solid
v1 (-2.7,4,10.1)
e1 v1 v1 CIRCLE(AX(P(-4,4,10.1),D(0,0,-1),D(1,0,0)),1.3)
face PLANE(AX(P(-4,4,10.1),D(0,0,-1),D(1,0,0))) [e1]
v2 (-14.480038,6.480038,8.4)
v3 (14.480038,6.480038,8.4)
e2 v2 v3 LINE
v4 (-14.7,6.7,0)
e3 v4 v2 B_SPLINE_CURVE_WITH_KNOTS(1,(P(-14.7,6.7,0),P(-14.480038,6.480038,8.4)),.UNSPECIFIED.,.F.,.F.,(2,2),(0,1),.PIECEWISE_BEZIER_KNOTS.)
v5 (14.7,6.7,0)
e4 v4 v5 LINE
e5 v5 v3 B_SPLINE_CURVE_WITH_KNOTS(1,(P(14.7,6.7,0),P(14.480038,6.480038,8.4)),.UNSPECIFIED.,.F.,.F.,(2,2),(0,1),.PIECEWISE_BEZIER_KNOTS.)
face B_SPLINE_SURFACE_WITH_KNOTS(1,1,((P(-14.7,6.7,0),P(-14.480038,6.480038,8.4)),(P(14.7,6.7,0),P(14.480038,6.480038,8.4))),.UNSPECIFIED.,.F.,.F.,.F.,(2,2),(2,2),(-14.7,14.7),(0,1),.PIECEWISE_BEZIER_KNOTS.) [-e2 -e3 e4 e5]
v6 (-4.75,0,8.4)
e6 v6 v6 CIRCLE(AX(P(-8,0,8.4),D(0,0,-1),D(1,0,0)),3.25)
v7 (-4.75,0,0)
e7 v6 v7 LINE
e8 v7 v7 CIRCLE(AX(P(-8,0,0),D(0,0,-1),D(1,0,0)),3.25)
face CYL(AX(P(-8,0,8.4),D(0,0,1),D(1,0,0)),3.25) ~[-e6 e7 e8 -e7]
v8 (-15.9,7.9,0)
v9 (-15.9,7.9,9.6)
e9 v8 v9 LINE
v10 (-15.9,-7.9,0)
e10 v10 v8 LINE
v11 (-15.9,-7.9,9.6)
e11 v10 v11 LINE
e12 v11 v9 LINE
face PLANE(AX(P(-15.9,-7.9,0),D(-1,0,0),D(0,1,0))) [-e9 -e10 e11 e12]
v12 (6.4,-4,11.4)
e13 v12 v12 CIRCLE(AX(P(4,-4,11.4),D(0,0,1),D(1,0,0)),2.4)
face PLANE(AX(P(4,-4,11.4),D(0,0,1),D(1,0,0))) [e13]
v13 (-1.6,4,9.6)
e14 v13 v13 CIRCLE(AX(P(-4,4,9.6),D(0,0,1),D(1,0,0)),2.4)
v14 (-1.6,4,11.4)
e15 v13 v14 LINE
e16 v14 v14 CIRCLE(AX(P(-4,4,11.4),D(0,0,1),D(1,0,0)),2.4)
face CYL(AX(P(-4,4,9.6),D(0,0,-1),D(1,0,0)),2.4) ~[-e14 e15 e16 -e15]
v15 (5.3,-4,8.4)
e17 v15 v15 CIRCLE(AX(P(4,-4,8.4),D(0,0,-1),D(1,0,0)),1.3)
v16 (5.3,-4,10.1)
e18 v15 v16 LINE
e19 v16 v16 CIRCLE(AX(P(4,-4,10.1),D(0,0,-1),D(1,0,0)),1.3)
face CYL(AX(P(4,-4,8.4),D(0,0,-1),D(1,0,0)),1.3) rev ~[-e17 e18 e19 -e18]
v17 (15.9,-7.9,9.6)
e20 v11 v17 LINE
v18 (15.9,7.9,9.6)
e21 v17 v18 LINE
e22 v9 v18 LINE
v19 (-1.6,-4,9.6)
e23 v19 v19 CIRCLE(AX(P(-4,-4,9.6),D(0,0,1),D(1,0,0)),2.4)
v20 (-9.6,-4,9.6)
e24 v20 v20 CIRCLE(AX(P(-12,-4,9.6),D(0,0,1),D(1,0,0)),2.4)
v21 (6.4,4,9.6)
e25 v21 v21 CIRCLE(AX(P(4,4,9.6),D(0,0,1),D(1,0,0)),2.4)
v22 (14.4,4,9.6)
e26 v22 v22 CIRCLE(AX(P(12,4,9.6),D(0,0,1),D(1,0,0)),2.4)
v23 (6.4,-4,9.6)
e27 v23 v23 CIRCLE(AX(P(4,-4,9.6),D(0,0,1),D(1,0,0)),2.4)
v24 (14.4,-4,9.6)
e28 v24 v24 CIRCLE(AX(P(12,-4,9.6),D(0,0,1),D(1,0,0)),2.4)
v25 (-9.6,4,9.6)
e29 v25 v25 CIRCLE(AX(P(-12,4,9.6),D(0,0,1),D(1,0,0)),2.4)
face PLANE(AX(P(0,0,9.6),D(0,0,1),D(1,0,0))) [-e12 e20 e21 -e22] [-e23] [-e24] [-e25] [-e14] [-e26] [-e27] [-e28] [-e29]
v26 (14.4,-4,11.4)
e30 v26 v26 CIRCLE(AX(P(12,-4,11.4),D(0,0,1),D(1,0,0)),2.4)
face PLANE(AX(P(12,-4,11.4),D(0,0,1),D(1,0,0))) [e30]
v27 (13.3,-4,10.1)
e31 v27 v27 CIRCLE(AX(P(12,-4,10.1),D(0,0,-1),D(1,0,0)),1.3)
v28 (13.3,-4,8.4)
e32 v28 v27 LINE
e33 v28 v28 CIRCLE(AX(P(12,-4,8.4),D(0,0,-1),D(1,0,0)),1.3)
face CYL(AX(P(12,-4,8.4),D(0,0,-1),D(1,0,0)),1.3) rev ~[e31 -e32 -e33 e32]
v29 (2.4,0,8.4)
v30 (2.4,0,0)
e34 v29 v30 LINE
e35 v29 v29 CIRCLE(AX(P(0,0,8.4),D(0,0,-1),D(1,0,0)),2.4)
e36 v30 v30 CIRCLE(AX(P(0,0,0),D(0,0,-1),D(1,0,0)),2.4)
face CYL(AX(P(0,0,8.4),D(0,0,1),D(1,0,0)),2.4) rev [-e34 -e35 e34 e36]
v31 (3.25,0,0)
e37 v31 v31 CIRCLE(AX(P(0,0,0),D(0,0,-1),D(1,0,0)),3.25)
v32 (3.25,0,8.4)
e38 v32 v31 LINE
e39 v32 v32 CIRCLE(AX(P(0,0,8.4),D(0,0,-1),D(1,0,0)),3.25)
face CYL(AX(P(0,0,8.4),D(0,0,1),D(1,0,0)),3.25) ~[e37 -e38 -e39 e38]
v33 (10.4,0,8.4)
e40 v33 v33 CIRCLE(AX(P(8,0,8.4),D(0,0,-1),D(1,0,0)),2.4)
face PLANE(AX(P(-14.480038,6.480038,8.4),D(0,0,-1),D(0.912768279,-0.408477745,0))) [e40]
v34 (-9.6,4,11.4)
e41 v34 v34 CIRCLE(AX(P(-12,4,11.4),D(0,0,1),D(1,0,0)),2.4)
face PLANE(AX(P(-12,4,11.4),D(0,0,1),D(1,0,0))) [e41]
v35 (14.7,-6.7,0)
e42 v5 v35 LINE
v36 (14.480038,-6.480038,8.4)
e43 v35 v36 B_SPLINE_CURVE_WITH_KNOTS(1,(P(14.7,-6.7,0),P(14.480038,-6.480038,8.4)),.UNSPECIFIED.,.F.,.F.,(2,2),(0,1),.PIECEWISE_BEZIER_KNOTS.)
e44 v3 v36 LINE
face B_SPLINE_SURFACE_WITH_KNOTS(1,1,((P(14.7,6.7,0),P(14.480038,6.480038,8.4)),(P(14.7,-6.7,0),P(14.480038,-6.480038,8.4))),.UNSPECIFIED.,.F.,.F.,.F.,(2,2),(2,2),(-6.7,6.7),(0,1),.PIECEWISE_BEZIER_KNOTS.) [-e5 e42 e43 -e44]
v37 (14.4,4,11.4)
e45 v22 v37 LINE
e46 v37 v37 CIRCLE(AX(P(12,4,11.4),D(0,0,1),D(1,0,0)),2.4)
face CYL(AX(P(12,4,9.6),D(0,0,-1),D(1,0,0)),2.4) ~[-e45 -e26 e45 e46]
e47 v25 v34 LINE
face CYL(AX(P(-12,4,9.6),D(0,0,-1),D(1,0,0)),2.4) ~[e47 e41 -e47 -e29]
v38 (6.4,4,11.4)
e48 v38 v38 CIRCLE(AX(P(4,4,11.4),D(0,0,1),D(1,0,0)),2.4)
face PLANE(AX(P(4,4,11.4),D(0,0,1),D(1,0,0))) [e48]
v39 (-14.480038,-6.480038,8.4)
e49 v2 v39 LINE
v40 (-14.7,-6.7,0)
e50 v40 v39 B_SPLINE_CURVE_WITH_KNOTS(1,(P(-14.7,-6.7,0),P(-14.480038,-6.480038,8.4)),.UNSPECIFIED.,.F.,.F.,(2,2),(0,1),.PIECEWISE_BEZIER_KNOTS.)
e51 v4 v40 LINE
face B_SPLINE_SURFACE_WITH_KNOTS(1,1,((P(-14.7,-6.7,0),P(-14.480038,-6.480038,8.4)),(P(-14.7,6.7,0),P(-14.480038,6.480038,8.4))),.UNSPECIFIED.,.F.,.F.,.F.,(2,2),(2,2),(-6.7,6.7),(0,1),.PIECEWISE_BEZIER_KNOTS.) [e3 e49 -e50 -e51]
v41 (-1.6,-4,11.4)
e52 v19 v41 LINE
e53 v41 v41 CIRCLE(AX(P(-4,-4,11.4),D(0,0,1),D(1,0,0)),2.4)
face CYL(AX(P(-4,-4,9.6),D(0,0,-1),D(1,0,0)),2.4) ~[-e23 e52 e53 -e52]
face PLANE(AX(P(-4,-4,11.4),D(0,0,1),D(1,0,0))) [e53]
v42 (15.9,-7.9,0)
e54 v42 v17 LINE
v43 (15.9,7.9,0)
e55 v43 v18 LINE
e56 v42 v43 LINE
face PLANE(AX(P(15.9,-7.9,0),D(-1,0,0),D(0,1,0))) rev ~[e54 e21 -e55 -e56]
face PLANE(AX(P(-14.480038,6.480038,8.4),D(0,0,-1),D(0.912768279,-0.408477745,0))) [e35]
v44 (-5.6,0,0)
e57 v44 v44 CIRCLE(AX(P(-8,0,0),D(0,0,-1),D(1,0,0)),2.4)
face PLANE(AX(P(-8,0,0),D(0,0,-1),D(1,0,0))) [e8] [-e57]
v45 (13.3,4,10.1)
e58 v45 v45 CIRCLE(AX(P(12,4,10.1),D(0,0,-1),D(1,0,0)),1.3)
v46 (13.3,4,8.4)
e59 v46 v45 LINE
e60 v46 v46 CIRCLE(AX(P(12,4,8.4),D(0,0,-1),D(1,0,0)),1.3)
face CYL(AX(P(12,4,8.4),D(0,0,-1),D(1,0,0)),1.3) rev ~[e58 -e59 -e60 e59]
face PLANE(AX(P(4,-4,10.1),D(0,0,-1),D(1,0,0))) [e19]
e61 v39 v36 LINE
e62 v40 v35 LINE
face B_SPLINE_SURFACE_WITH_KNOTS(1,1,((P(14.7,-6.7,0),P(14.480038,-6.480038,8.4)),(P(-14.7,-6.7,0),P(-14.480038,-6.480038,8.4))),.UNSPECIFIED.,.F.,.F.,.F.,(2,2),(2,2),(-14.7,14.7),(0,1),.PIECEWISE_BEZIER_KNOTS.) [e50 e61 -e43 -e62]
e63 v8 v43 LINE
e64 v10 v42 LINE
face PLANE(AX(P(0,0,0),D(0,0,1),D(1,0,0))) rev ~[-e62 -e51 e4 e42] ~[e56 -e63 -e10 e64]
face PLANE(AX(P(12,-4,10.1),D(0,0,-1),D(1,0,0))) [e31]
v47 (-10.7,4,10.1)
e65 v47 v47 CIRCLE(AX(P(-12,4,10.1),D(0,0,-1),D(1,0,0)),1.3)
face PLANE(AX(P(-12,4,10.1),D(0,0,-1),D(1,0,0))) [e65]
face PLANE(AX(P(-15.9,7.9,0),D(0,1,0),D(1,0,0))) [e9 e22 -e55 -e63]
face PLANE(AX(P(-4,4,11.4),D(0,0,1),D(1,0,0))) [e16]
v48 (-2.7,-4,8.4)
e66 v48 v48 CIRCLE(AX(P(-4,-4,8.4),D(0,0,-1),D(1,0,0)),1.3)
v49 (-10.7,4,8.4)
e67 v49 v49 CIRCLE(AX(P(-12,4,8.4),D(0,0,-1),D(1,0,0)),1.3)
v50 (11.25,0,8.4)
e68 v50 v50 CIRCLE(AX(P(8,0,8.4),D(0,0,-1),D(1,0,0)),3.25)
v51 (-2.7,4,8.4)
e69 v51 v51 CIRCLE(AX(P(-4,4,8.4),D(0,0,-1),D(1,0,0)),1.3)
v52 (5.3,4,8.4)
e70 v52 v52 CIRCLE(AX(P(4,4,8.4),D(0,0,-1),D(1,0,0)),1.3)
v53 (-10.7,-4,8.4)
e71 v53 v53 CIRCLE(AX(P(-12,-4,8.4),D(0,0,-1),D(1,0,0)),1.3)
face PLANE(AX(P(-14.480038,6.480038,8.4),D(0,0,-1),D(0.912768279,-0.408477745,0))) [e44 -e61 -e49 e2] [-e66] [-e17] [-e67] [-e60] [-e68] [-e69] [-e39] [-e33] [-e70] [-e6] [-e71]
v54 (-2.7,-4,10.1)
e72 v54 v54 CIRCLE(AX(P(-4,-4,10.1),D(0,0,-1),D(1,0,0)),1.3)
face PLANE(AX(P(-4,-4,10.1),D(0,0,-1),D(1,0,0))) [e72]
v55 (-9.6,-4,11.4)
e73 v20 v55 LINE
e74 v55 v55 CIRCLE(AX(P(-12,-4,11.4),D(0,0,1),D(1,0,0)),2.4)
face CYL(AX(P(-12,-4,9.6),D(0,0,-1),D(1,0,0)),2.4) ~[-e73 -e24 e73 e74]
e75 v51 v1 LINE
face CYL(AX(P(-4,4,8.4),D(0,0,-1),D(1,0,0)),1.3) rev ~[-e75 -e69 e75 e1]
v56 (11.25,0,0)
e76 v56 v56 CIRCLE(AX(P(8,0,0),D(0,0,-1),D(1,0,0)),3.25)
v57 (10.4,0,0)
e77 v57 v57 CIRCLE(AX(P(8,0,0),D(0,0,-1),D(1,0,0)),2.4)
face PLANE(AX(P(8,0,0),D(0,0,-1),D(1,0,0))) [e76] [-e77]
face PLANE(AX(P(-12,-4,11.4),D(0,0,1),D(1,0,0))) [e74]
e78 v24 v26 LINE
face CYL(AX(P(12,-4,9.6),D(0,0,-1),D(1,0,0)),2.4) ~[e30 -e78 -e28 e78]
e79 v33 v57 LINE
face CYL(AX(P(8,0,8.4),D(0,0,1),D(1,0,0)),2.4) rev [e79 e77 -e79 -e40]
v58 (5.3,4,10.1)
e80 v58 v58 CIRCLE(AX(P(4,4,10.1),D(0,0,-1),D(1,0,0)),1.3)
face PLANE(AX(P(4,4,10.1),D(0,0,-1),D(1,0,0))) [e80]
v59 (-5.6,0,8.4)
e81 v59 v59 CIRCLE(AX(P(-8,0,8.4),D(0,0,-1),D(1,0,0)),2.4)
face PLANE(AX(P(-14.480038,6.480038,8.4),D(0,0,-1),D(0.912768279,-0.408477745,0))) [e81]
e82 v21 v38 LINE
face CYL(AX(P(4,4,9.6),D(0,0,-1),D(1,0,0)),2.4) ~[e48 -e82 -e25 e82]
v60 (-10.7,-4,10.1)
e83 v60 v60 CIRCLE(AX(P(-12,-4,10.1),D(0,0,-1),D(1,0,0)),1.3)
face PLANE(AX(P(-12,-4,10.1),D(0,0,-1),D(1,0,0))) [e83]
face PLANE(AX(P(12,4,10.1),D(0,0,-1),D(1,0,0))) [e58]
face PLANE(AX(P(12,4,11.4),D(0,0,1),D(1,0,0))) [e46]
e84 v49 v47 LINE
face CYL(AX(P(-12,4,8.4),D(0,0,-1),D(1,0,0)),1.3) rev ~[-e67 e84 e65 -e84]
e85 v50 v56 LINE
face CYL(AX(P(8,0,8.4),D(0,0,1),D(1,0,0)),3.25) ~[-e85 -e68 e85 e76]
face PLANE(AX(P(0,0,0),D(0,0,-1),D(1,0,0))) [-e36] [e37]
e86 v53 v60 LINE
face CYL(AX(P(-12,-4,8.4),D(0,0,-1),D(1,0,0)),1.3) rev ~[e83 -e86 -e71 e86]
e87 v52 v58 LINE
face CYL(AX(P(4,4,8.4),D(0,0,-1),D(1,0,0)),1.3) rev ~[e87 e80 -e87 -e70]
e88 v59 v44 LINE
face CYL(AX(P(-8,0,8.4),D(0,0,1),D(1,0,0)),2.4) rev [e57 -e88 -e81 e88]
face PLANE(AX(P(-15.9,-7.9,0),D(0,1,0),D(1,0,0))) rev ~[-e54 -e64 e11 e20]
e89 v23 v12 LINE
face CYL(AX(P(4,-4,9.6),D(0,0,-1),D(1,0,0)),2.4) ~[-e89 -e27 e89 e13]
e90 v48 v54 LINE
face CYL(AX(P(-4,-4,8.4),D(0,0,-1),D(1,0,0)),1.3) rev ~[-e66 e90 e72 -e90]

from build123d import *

# Parameters (mm, degrees)
F0_W     = 31.8
F0_H     = 15.8
F1_DEPTH = 9.6
F2_R     = 2.4
F3_DEPTH = 1.8
F4_W     = 29.4
F4_H     = 13.4
F5_DEPTH = 8.4
F5_TAPER = 1.5
F6_R     = 1.3
F7_DEPTH = 1.7
F8_R     = 3.25
F8_R_2   = 2.4
F9_DEPTH = 8.4


with BuildPart() as f1:
    # F0 (on Top) → F1 (new body)
    with BuildSketch(Plane.XY):
        Rectangle(F0_W, F0_H)
    extrude(amount=F1_DEPTH)

    # F2 (on face) → F3 (join)
    with BuildSketch(Plane.XY.offset(9.6)):
        with Locations((-12, 4)):
            Circle(F2_R)
        with Locations((-12, -4)):
            Circle(F2_R)
        with Locations((-4, 4)):
            Circle(F2_R)
        with Locations((-4, -4)):
            Circle(F2_R)
        with Locations((4, 4)):
            Circle(F2_R)
        with Locations((4, -4)):
            Circle(F2_R)
        with Locations((12, 4)):
            Circle(F2_R)
        with Locations((12, -4)):
            Circle(F2_R)
    extrude(amount=F3_DEPTH)

    # F4 (on face) → F5 (cut)
    with BuildSketch(Plane(origin=(0, 0, 0), x_dir=(1, 0, 0), z_dir=(0, 0, -1))):
        Rectangle(F4_W, F4_H)
    extrude(amount=-F5_DEPTH, taper=F5_TAPER, mode=Mode.SUBTRACT)

    # F6 (on face) → F7 (cut)
    with BuildSketch(Plane(origin=(0, 0, 8.4), x_dir=(1, 0, 0), z_dir=(0, 0, -1))):
        with Locations((-12, 4)):
            Circle(F6_R)
        with Locations((-4, 4)):
            Circle(F6_R)
        with Locations((4, 4)):
            Circle(F6_R)
        with Locations((12, 4)):
            Circle(F6_R)
        with Locations((12, -4)):
            Circle(F6_R)
        with Locations((4, -4)):
            Circle(F6_R)
        with Locations((-4, -4)):
            Circle(F6_R)
        with Locations((-12, -4)):
            Circle(F6_R)
    extrude(amount=-F7_DEPTH, mode=Mode.SUBTRACT)

    # F8 (on face) → F9 (join, through all)
    with BuildSketch(Plane(origin=(0, 0, 8.4), x_dir=(1, 0, 0), z_dir=(0, 0, -1))):
        Circle(F8_R)
        Circle(F8_R_2, mode=Mode.SUBTRACT)
        with Locations((8, 0)):
            Circle(F8_R)
        with Locations((8, 0)):
            Circle(F8_R_2, mode=Mode.SUBTRACT)
        with Locations((-8, 0)):
            Circle(F8_R)
        with Locations((-8, 0)):
            Circle(F8_R_2, mode=Mode.SUBTRACT)
    extrude(amount=F9_DEPTH)


solid = f1.part
